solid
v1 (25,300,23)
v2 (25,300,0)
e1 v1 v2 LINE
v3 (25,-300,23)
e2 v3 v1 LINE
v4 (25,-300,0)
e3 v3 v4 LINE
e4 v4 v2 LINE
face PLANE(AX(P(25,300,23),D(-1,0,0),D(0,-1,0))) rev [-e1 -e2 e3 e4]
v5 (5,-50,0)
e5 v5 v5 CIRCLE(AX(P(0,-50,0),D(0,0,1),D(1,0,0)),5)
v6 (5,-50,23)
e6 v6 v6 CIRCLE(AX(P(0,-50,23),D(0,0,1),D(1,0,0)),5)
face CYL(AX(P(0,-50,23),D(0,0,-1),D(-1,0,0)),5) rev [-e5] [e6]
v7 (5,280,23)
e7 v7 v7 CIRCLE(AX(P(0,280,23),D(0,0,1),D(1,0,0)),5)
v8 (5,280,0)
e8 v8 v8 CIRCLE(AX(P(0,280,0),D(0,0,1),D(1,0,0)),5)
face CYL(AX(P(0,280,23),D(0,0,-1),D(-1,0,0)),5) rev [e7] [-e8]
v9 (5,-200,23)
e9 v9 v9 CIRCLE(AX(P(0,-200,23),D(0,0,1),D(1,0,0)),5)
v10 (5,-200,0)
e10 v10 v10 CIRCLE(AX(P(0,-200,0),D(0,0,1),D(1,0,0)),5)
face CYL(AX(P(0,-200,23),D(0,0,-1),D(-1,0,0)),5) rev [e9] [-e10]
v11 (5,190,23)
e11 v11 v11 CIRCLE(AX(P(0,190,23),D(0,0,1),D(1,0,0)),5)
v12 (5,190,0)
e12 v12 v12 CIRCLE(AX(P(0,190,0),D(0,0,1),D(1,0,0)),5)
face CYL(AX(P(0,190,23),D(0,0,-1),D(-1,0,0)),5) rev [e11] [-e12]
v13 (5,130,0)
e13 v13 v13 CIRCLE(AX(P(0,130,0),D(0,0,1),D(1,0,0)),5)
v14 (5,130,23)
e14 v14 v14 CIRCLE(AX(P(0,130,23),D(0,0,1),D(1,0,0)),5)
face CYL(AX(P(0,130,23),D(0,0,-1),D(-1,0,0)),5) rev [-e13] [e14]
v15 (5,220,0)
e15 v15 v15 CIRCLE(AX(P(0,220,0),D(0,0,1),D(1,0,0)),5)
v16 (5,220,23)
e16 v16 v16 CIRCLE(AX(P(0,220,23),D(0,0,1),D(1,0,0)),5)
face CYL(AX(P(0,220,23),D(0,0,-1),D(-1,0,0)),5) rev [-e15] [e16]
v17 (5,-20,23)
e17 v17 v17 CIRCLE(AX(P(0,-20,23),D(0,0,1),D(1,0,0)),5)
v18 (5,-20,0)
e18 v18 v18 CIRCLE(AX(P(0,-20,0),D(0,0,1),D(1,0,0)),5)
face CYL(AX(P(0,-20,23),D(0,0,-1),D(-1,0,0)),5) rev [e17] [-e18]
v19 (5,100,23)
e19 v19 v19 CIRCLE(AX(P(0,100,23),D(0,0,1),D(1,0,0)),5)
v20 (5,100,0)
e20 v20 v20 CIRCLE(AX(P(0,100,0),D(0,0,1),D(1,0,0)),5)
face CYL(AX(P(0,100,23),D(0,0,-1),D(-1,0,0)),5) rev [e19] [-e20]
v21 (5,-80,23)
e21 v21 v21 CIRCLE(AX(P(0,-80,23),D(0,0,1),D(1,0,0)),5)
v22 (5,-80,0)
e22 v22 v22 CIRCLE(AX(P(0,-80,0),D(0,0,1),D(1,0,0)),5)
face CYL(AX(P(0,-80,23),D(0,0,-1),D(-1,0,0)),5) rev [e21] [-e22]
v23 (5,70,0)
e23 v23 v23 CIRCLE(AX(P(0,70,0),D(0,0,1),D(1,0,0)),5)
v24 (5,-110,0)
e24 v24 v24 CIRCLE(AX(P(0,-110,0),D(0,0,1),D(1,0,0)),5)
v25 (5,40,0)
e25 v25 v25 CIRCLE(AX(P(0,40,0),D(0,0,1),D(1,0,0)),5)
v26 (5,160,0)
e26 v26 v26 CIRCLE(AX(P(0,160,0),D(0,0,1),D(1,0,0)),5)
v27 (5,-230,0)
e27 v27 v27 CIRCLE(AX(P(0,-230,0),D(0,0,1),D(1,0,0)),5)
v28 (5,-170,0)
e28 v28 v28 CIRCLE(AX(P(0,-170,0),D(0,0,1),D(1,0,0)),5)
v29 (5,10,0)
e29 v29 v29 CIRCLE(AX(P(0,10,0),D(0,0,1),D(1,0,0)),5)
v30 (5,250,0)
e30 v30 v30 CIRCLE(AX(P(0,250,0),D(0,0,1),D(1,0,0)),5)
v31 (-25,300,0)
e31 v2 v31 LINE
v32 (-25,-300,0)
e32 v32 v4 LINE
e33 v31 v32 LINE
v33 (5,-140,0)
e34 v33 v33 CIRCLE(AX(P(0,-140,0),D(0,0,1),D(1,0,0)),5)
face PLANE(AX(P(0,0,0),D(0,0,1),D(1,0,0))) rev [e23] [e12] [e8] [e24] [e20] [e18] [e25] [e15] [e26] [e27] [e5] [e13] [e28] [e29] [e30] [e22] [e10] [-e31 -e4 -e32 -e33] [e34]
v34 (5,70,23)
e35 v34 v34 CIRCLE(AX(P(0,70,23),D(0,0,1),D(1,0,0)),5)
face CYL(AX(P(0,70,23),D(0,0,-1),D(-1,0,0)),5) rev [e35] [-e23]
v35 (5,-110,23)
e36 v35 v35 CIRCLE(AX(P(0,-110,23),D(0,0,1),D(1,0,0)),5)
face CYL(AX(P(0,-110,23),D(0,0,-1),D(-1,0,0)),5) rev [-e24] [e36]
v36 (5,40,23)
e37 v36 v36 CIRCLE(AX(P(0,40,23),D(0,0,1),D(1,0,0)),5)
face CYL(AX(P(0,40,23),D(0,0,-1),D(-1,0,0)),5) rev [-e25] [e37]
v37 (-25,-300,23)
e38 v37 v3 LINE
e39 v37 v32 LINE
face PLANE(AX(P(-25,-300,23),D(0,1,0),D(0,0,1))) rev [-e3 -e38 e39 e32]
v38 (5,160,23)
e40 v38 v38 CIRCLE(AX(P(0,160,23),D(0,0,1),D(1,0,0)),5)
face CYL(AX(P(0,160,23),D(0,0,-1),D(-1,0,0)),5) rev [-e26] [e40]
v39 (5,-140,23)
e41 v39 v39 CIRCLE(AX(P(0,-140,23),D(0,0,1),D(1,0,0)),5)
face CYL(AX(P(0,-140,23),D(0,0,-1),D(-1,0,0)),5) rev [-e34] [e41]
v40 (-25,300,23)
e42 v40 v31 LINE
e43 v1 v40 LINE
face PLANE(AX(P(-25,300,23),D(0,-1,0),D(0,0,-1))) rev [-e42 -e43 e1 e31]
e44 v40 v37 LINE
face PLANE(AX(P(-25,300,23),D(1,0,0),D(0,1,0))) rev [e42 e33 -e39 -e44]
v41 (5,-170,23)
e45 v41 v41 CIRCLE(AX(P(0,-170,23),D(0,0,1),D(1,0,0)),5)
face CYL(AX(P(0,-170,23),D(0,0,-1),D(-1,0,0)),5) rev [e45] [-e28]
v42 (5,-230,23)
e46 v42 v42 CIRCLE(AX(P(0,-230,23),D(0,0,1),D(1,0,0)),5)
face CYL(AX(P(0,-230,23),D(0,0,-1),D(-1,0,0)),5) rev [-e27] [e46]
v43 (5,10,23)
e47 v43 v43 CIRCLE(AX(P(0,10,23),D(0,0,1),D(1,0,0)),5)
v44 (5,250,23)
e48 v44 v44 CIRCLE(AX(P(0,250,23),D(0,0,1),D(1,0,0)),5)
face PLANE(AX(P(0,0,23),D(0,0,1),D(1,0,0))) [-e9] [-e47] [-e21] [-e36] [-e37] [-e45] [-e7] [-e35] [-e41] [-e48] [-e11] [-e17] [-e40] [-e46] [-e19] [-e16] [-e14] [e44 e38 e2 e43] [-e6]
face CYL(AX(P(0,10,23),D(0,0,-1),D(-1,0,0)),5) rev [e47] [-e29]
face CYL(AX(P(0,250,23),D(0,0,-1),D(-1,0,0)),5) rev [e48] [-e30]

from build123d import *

# Parameters (mm, degrees)
SKETCH2_W           = 50
SKETCH2_H           = 600
SKETCH2_R           = 5
BOSS_EXTRUDE1_DEPTH = 23


with BuildPart() as part:
    # Sketch2 → Boss-Extrude1 (new body)
    with BuildSketch(Plane.XY):
        Rectangle(SKETCH2_W, SKETCH2_H)
        with Locations((0, 280)):
            Circle(SKETCH2_R, mode=Mode.SUBTRACT)
        with Locations((0, 250)):
            Circle(SKETCH2_R, mode=Mode.SUBTRACT)
        with Locations((0, 220)):
            Circle(SKETCH2_R, mode=Mode.SUBTRACT)
        with Locations((0, 190)):
            Circle(SKETCH2_R, mode=Mode.SUBTRACT)
        with Locations((0, 160)):
            Circle(SKETCH2_R, mode=Mode.SUBTRACT)
        with Locations((0, 130)):
            Circle(SKETCH2_R, mode=Mode.SUBTRACT)
        with Locations((0, 100)):
            Circle(SKETCH2_R, mode=Mode.SUBTRACT)
        with Locations((0, 70)):
            Circle(SKETCH2_R, mode=Mode.SUBTRACT)
        with Locations((0, 40)):
            Circle(SKETCH2_R, mode=Mode.SUBTRACT)
        with Locations((0, 10)):
            Circle(SKETCH2_R, mode=Mode.SUBTRACT)
        with Locations((0, -20)):
            Circle(SKETCH2_R, mode=Mode.SUBTRACT)
        with Locations((0, -50)):
            Circle(SKETCH2_R, mode=Mode.SUBTRACT)
        with Locations((0, -80)):
            Circle(SKETCH2_R, mode=Mode.SUBTRACT)
        with Locations((0, -110)):
            Circle(SKETCH2_R, mode=Mode.SUBTRACT)
        with Locations((0, -140)):
            Circle(SKETCH2_R, mode=Mode.SUBTRACT)
        with Locations((0, -170)):
            Circle(SKETCH2_R, mode=Mode.SUBTRACT)
        with Locations((0, -200)):
            Circle(SKETCH2_R, mode=Mode.SUBTRACT)
        with Locations((0, -230)):
            Circle(SKETCH2_R, mode=Mode.SUBTRACT)
    extrude(amount=BOSS_EXTRUDE1_DEPTH)


solid = part.part
